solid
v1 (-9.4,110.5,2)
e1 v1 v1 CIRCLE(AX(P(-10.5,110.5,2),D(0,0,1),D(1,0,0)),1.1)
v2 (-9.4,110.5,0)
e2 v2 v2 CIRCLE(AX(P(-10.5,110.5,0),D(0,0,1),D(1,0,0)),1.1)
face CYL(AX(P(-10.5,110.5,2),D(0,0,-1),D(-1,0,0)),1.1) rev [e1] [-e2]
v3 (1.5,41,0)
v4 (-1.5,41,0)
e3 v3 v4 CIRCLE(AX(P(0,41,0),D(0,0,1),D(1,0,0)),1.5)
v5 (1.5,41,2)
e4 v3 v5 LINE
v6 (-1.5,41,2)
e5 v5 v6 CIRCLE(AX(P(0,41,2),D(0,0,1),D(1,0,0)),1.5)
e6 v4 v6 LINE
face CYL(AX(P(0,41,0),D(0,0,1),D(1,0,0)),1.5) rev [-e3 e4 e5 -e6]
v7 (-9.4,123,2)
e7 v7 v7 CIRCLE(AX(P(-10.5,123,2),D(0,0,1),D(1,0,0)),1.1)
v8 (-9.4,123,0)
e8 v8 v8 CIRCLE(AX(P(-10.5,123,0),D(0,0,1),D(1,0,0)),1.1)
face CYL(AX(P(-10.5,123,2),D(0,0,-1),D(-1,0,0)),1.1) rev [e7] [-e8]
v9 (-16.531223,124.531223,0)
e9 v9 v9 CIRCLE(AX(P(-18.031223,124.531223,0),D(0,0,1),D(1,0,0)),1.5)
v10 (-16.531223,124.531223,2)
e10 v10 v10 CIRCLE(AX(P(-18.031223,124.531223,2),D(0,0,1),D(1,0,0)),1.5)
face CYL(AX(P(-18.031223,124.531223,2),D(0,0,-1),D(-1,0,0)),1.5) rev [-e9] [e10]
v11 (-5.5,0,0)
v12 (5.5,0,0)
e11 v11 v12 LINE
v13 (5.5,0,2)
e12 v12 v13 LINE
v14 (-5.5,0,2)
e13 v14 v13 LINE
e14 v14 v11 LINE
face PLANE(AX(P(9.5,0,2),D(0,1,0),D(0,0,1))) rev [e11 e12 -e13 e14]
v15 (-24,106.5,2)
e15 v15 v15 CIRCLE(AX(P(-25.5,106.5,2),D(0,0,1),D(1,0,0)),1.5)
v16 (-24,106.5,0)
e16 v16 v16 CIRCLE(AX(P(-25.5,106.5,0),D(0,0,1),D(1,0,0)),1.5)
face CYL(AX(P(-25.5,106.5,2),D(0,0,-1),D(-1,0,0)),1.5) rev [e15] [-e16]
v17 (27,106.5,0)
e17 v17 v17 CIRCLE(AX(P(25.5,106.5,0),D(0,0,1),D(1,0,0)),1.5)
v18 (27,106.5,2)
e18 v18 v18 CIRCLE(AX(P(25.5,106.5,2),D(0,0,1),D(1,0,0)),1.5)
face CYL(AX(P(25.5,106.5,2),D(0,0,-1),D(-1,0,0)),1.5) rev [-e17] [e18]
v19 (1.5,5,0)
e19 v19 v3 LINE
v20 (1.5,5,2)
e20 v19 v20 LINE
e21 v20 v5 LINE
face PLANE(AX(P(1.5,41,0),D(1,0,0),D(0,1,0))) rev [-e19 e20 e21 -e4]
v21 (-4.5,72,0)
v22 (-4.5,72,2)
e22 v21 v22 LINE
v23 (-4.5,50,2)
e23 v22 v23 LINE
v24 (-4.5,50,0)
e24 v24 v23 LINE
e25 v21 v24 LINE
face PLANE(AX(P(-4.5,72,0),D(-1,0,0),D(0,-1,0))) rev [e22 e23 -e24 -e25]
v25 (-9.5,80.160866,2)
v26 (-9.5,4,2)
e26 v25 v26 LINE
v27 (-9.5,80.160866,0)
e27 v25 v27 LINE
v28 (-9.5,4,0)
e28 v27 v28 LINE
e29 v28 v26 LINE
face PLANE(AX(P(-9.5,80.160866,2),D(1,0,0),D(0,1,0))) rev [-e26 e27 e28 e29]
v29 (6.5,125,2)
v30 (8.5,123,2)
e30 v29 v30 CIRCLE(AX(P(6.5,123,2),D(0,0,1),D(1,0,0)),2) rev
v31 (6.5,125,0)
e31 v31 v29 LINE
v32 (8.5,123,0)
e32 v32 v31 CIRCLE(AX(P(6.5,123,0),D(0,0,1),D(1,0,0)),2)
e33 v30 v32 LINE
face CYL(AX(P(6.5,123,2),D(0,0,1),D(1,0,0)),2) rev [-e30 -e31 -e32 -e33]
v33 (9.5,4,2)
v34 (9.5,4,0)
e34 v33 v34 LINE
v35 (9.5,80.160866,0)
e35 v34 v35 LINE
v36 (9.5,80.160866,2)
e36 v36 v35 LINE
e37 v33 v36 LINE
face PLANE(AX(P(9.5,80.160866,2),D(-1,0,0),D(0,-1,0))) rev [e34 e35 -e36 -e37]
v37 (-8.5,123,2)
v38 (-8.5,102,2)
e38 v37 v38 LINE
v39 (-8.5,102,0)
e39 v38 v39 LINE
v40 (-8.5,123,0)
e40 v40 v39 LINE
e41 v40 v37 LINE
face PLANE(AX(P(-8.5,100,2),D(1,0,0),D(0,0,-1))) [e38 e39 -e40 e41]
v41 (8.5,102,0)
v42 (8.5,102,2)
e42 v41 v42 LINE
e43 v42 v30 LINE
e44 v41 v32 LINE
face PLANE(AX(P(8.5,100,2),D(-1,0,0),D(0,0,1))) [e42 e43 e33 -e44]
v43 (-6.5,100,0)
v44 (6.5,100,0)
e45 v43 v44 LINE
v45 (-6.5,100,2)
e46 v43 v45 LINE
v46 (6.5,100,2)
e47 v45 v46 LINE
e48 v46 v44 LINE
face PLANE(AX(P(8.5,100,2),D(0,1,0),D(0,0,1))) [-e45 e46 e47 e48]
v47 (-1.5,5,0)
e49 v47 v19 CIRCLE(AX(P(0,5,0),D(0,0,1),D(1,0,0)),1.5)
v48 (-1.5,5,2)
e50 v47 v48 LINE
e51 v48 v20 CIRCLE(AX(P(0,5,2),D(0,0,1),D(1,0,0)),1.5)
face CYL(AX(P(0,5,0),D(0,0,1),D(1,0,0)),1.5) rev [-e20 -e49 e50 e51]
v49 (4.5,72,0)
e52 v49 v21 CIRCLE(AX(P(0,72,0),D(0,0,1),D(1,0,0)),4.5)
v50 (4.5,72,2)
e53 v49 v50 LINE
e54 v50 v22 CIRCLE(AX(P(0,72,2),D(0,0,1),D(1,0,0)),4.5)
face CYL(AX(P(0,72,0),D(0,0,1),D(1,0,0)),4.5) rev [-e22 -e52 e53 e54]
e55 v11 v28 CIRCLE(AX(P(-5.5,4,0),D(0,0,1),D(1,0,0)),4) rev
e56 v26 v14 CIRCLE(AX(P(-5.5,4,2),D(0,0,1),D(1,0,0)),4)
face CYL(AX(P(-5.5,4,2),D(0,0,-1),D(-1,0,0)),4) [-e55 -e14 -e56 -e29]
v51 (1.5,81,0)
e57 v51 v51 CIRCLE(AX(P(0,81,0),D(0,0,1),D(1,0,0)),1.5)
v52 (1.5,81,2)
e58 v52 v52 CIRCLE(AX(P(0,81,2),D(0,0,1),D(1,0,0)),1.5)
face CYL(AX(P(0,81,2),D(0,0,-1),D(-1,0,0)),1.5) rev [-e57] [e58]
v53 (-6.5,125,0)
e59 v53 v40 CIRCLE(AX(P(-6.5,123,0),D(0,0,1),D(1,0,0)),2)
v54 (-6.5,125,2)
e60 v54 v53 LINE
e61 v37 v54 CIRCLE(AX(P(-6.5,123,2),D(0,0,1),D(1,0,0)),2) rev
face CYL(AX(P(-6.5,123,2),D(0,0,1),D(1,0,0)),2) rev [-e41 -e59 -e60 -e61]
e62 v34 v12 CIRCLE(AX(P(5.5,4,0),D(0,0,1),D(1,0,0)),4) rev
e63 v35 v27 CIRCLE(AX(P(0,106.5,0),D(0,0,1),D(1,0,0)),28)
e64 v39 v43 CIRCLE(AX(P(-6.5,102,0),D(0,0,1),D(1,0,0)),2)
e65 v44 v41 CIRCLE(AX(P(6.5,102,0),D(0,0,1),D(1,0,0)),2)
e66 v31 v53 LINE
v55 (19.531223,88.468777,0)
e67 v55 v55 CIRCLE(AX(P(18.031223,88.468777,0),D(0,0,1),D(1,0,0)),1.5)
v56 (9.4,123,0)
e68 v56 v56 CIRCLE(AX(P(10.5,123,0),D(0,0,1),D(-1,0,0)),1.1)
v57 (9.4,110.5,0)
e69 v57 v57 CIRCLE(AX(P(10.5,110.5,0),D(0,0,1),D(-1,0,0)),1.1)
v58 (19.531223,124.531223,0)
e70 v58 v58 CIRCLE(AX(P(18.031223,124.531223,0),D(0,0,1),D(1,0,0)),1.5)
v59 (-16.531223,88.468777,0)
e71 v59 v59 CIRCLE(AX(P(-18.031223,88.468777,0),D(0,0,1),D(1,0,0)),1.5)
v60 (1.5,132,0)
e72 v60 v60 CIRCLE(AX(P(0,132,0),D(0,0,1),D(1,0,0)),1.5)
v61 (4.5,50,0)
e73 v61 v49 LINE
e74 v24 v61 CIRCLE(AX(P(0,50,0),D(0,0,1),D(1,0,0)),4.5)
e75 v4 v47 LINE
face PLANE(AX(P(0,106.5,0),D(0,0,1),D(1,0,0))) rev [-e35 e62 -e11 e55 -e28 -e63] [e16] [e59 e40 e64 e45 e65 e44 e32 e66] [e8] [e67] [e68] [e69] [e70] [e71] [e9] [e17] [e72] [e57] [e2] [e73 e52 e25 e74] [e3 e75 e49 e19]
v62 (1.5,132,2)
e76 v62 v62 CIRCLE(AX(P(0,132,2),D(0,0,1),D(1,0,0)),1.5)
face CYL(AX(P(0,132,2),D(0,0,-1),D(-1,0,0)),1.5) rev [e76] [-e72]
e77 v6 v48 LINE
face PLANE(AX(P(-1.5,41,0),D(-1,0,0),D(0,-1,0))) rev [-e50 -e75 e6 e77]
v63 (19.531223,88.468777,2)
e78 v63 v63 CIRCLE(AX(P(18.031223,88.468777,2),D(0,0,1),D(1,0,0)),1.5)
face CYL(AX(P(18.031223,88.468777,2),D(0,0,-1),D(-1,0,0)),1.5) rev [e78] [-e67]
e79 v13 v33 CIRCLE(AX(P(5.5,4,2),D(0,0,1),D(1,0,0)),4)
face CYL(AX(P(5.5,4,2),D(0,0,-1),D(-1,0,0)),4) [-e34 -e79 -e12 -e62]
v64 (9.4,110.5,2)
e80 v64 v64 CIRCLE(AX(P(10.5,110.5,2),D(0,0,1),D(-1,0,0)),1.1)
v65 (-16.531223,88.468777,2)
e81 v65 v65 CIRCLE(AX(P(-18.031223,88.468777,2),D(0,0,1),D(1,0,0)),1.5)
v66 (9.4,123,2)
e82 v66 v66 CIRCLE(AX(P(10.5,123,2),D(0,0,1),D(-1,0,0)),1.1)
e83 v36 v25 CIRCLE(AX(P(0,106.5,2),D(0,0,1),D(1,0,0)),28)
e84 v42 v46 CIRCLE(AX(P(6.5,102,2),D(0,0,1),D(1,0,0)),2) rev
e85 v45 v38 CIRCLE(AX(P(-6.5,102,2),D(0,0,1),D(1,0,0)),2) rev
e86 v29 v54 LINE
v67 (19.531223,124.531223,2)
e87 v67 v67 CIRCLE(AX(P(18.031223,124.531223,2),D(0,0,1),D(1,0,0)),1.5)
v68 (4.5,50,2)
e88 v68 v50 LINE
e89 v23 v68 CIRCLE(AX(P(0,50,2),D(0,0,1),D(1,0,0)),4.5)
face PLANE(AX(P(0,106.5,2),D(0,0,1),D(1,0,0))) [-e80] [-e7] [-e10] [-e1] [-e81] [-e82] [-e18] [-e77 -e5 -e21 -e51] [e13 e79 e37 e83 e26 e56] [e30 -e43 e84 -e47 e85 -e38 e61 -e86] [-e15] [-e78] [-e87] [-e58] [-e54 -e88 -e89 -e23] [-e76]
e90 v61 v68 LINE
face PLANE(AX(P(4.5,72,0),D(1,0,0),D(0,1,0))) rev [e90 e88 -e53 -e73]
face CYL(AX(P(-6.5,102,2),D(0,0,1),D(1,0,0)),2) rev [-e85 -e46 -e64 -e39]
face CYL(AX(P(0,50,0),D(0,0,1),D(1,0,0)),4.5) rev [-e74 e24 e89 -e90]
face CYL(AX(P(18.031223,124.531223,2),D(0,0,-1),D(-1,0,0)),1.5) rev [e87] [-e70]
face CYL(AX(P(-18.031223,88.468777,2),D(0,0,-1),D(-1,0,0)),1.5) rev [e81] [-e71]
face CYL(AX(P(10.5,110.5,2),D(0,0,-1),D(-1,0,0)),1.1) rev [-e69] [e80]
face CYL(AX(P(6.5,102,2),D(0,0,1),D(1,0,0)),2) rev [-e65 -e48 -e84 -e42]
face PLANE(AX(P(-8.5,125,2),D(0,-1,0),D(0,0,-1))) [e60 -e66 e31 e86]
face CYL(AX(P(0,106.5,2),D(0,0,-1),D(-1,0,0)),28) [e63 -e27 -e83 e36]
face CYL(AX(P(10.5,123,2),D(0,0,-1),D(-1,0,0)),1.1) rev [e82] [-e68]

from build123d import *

# Parameters (mm, degrees)
ESQUISSE1_R             = 1.1
ESQUISSE1_R_2           = 1.5
ESQUISSE1_W             = 17
ESQUISSE1_H             = 25
BOSS_EXTRU_1_DEPTH      = 2
CONG_1_R                = 2
ENL_V_MAT_EXTRU_1_DEPTH = 2
CONG_2_R                = 4


with BuildPart() as part:
    # Esquisse1 → Boss.-Extru.1 (new body)
    with BuildSketch(Plane.XY):
        with BuildLine():
            Line((9.5, 0), (-9.5, 0))
            Line((-9.5, 0), (-9.5, 80.160865618))
            ThreePointArc((-9.5, 80.160865618), (0, 134.5), (9.5, 80.160865618))
            Line((9.5, 80.160865618), (9.5, 0))
        make_face()
        with Locations((-10.5, 123)):
            Circle(ESQUISSE1_R, mode=Mode.SUBTRACT)
        with Locations((-10.5, 110.5)):
            Circle(ESQUISSE1_R, mode=Mode.SUBTRACT)
        with Locations((10.5, 110.5)):
            Circle(ESQUISSE1_R, mode=Mode.SUBTRACT)
        with Locations((10.5, 123)):
            Circle(ESQUISSE1_R, mode=Mode.SUBTRACT)
        with Locations((0, 132)):
            Circle(ESQUISSE1_R_2, mode=Mode.SUBTRACT)
        with Locations((18.03122292, 124.53122292)):
            Circle(ESQUISSE1_R_2, mode=Mode.SUBTRACT)
        with Locations((25.5, 106.5)):
            Circle(ESQUISSE1_R_2, mode=Mode.SUBTRACT)
        with Locations((18.03122292, 88.46877708)):
            Circle(ESQUISSE1_R_2, mode=Mode.SUBTRACT)
        with Locations((0, 81)):
            Circle(ESQUISSE1_R_2, mode=Mode.SUBTRACT)
        with Locations((-18.03122292, 88.46877708)):
            Circle(ESQUISSE1_R_2, mode=Mode.SUBTRACT)
        with Locations((-25.5, 106.5)):
            Circle(ESQUISSE1_R_2, mode=Mode.SUBTRACT)
        with Locations((-18.03122292, 124.53122292)):
            Circle(ESQUISSE1_R_2, mode=Mode.SUBTRACT)
        with Locations((0, 112.5)):
            Rectangle(ESQUISSE1_W, ESQUISSE1_H, mode=Mode.SUBTRACT)
    extrude(amount=BOSS_EXTRU_1_DEPTH)

    # Congé1
    cong_1_edges = [part.edges().sort_by_distance(p)[0] for p in [
        (-8.5, 125, 1),
        (-8.5, 100, 1),
        (8.5, 100, 1),
        (8.5, 125, 1),
    ]]
    fillet(cong_1_edges, radius=CONG_1_R)

    # Esquisse2 → Enlèv. mat.-Extru.1 (cut)
    with BuildSketch(Plane.XY.offset(2)):
        with BuildLine():
            Line((4.5, 72), (4.5, 50))
            ThreePointArc((4.5, 50), (0, 45.5), (-4.5, 50))
            Line((-4.5, 50), (-4.5, 72))
            ThreePointArc((-4.5, 72), (0, 76.5), (4.5, 72))
        make_face()
        with BuildLine():
            Line((1.5, 41), (1.5, 5))
            ThreePointArc((1.5, 5), (0, 3.5), (-1.5, 5))
            Line((-1.5, 5), (-1.5, 41))
            ThreePointArc((-1.5, 41), (0, 42.5), (1.5, 41))
        make_face()
    extrude(amount=-ENL_V_MAT_EXTRU_1_DEPTH, mode=Mode.SUBTRACT)

    # Congé2
    cong_2_edges = [part.edges().sort_by_distance(p)[0] for p in [
        (9.5, 0, 1),
        (-9.5, 0, 1),
    ]]
    fillet(cong_2_edges, radius=CONG_2_R)


solid = part.part
